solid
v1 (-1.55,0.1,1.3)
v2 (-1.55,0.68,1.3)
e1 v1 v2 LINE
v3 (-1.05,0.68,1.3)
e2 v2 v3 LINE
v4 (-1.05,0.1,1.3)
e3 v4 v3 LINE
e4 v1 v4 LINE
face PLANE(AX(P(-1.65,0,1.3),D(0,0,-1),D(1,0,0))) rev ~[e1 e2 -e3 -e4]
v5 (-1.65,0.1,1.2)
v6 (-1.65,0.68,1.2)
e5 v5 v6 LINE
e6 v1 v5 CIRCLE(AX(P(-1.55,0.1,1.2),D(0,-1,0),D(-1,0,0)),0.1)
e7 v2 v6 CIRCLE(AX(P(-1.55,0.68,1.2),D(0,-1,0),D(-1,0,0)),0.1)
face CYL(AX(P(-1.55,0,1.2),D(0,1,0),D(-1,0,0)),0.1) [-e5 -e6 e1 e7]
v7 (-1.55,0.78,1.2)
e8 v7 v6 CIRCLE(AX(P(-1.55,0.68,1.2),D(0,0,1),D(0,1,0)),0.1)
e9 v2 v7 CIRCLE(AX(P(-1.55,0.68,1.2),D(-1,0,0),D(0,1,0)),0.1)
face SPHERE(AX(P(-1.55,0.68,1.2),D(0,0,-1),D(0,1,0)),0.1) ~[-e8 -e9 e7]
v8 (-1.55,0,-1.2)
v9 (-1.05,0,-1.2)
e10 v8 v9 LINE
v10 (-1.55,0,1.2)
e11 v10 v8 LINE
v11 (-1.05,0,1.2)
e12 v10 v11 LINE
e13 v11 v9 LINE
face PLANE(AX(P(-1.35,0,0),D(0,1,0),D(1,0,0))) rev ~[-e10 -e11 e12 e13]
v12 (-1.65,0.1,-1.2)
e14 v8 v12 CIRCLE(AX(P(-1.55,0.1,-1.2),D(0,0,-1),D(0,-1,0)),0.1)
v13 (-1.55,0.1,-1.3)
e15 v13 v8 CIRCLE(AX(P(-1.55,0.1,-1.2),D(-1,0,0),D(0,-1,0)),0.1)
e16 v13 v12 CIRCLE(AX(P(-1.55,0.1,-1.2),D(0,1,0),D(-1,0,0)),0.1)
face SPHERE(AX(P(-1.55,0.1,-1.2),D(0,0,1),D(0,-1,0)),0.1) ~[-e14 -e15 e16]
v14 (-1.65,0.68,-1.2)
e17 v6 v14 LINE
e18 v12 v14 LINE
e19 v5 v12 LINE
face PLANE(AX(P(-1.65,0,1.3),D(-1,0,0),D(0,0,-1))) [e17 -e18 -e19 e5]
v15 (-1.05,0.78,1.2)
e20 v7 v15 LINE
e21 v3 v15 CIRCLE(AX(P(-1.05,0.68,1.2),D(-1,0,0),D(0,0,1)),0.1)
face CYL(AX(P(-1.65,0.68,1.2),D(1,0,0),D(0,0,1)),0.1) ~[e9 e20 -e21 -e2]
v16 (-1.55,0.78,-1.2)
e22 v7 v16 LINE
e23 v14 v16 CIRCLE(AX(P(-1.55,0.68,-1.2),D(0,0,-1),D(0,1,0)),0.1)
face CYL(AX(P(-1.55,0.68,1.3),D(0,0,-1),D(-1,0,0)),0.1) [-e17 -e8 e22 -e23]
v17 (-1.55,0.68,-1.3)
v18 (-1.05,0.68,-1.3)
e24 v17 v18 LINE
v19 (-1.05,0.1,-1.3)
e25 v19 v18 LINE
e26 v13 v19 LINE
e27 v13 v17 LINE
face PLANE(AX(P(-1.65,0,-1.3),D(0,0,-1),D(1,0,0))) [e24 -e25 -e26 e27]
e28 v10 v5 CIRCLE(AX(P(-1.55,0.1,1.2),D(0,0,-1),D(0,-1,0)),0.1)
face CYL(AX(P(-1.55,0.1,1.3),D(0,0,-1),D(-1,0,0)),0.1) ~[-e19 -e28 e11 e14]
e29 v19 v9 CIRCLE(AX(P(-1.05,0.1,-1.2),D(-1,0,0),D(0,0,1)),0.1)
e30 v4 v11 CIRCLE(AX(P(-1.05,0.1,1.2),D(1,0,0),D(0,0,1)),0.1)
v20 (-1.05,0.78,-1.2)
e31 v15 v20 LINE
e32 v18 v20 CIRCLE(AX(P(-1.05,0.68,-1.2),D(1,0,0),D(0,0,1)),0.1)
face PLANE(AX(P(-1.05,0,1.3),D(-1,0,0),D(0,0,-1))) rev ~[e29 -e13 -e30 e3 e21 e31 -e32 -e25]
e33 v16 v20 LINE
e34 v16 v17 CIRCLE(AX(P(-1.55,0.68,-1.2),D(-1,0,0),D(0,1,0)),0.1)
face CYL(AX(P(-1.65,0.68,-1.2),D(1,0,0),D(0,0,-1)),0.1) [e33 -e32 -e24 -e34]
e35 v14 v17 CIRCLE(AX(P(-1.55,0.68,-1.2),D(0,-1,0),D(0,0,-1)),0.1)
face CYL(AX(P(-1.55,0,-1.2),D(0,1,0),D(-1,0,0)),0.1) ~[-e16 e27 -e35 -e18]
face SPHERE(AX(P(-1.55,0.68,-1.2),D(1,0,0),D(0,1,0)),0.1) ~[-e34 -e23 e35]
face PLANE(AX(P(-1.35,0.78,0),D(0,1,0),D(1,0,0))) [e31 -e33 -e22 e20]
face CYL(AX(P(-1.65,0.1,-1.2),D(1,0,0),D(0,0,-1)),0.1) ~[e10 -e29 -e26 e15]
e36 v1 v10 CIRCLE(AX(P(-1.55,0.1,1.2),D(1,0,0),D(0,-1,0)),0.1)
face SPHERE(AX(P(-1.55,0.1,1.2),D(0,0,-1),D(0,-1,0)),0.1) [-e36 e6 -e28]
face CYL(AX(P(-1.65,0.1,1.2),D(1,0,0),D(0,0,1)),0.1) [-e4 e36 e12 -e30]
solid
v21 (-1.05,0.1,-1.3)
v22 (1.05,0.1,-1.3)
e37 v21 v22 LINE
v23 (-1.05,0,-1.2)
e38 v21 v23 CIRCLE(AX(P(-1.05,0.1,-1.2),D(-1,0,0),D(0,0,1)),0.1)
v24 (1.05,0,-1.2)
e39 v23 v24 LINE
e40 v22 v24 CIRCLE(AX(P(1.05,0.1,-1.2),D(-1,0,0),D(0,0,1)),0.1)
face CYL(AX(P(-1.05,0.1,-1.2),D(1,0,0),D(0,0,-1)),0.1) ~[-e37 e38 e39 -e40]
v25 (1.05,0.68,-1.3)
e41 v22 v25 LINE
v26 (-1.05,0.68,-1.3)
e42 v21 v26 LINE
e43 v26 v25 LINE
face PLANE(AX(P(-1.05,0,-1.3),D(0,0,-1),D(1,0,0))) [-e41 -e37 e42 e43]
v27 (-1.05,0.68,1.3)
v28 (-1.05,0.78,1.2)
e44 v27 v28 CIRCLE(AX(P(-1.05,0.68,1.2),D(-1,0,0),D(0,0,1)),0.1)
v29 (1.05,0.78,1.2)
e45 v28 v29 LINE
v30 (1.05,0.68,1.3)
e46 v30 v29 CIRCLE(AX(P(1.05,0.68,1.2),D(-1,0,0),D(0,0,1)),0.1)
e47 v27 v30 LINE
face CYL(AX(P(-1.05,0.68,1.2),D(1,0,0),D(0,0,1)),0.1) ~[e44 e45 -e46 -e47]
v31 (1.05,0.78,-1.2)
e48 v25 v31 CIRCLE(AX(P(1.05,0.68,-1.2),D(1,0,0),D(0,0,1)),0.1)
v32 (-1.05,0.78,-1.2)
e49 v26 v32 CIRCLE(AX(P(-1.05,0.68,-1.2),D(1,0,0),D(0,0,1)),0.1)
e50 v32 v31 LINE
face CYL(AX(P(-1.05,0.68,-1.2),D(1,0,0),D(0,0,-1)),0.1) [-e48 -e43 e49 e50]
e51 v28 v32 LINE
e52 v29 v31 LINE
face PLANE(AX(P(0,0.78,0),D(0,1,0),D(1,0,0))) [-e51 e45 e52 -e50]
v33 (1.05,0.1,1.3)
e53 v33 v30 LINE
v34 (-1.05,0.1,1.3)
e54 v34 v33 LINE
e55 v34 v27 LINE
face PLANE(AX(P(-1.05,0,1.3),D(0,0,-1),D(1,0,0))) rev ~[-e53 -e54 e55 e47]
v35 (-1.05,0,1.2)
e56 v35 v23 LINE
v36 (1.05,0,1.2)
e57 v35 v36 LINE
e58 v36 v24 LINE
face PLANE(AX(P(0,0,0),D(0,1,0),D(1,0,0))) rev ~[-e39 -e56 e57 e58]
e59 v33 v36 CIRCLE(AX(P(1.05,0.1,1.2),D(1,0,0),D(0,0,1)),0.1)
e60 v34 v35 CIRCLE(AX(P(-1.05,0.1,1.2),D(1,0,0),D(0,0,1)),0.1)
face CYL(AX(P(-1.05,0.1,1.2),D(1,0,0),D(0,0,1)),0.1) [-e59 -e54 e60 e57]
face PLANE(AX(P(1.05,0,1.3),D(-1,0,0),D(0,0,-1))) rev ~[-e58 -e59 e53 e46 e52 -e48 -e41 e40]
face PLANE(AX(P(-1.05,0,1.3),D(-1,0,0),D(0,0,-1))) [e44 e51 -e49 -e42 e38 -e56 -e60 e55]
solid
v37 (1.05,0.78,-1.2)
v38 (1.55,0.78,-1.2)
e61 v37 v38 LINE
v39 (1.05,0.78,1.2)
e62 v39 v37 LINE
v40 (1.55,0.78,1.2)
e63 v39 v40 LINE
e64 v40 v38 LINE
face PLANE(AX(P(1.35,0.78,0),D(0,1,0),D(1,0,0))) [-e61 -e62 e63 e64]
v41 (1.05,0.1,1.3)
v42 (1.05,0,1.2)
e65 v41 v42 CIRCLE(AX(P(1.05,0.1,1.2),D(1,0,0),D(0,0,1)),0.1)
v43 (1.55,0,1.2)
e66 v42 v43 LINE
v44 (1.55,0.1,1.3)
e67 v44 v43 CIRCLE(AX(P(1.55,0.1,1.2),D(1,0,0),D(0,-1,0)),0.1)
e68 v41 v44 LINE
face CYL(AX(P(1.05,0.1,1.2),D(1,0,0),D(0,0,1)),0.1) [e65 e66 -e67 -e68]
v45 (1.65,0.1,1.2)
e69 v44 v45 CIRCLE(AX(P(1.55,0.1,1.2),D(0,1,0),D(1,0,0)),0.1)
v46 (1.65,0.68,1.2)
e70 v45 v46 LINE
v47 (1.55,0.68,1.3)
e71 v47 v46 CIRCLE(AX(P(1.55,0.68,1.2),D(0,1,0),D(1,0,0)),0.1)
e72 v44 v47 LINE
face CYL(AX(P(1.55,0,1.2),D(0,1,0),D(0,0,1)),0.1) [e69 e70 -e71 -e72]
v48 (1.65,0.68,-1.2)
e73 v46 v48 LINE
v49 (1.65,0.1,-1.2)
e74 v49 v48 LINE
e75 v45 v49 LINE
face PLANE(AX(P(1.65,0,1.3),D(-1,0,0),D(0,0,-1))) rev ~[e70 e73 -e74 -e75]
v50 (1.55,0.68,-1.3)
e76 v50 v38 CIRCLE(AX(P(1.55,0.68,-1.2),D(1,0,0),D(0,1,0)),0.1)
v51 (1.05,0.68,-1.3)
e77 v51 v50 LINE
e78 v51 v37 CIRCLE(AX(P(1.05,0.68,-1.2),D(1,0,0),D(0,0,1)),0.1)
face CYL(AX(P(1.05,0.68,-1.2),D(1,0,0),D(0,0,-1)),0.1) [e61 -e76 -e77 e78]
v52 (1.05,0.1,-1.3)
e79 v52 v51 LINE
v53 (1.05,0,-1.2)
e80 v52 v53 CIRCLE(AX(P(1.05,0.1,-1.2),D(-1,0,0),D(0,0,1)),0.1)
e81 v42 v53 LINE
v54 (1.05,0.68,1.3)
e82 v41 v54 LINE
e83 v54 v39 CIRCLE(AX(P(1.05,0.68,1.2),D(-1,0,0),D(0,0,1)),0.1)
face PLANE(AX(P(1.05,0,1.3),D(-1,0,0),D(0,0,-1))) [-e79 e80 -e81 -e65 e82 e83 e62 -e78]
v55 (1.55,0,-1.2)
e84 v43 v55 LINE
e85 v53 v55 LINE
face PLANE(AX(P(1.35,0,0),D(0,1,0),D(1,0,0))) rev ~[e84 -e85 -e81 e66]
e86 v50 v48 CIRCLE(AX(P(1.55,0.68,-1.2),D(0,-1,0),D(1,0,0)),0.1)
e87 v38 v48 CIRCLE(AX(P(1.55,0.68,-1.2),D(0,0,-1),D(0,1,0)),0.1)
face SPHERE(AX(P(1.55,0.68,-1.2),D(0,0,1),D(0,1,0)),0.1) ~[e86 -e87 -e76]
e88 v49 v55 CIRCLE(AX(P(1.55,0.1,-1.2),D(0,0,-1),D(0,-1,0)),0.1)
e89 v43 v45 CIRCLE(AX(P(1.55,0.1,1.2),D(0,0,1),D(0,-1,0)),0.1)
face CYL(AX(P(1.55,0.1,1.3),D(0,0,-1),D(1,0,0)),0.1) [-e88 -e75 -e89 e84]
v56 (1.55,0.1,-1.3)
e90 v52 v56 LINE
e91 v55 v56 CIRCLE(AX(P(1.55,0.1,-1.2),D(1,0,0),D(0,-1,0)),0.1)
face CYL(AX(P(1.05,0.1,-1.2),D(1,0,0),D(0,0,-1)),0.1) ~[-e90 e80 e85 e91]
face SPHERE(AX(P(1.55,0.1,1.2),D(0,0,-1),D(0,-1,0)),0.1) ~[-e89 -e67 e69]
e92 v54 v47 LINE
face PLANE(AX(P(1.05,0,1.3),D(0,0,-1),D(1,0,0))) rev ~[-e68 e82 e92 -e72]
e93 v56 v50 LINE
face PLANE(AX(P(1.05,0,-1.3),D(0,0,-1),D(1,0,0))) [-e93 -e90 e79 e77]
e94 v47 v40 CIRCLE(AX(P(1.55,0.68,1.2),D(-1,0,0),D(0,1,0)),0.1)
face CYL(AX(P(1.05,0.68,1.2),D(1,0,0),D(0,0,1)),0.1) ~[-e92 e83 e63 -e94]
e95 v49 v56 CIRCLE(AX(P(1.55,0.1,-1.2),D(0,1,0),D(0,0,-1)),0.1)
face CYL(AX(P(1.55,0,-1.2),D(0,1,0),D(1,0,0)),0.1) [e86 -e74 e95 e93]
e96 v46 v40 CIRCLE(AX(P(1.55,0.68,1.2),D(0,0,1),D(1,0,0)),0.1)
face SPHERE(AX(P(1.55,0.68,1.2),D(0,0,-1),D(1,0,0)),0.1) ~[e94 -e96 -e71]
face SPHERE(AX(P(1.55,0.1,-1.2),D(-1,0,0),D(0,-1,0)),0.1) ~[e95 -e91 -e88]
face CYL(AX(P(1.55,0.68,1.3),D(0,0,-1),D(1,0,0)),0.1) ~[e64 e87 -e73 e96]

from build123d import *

# Parameters (mm, degrees)
CROQUIS1_W                = 2.1
CROQUIS1_H                = 2.6
SALIENTE_EXTRUIR1_DEPTH   = 0.78
CROQUIS3_W                = 0.6
CROQUIS3_H                = 2.6
SALIENTE_EXTRUIR3_DEPTH   = 0.78
SALIENTE_EXTRUIR3_2_DEPTH = 0.78
REDONDEO2_R               = 0.1
REDONDEO4_R               = 0.1
REDONDEO5_R               = 0.1


with BuildPart() as part:
    # Croquis1 → Saliente-Extruir1 (new body)
    with BuildSketch(Plane(origin=(0, 0, 0), x_dir=(1, 0, 0), z_dir=(0, 1, 0))):
        Rectangle(CROQUIS1_W, CROQUIS1_H)
    extrude(amount=SALIENTE_EXTRUIR1_DEPTH)

    # Redondeo2
    redondeo2_edges = [part.edges().sort_by_distance(p)[0] for p in [
        (0, 0.78, 1.3),
        (0, 0, 1.3),
        (0, 0, -1.3),
        (0, 0.78, -1.3),
    ]]
    fillet(redondeo2_edges, radius=REDONDEO2_R)


with BuildPart() as body_2:
    # Croquis3 → Saliente-Extruir3 (new body)
    with BuildSketch(Plane(origin=(0, 0, 0), x_dir=(1, 0, 0), z_dir=(0, 1, 0))):
        with Locations((1.35, 0)):
            Rectangle(CROQUIS3_W, CROQUIS3_H)
    extrude(amount=SALIENTE_EXTRUIR3_DEPTH)

    # Redondeo4
    redondeo4_edges = [body_2.edges().sort_by_distance(p)[0] for p in [
        (1.65, 0.78, 0),
        (1.35, 0.78, -1.3),
        (1.35, 0, -1.3),
        (1.65, 0, 0),
        (1.35, 0, 1.3),
        (1.65, 0.39, -1.3),
        (1.65, 0.39, 1.3),
        (1.35, 0.78, 1.3),
    ]]
    fillet(redondeo4_edges, radius=REDONDEO4_R)


with BuildPart() as body_3:
    # Croquis3 → Saliente-Extruir3 2 (new body)
    with BuildSketch(Plane(origin=(0, 0, 0), x_dir=(1, 0, 0), z_dir=(0, 1, 0))):
        with Locations((-1.35, 0)):
            Rectangle(CROQUIS3_W, CROQUIS3_H)
    extrude(amount=SALIENTE_EXTRUIR3_2_DEPTH)

    # Redondeo5
    redondeo5_edges = [body_3.edges().sort_by_distance(p)[0] for p in [
        (-1.35, 0.78, -1.3),
        (-1.65, 0.78, 0),
        (-1.35, 0.78, 1.3),
        (-1.65, 0, 0),
        (-1.35, 0, -1.3),
        (-1.35, 0, 1.3),
        (-1.65, 0.39, 1.3),
        (-1.65, 0.39, -1.3),
    ]]
    fillet(redondeo5_edges, radius=REDONDEO5_R)


solid = Compound([part.part, body_2.part, body_3.part])
